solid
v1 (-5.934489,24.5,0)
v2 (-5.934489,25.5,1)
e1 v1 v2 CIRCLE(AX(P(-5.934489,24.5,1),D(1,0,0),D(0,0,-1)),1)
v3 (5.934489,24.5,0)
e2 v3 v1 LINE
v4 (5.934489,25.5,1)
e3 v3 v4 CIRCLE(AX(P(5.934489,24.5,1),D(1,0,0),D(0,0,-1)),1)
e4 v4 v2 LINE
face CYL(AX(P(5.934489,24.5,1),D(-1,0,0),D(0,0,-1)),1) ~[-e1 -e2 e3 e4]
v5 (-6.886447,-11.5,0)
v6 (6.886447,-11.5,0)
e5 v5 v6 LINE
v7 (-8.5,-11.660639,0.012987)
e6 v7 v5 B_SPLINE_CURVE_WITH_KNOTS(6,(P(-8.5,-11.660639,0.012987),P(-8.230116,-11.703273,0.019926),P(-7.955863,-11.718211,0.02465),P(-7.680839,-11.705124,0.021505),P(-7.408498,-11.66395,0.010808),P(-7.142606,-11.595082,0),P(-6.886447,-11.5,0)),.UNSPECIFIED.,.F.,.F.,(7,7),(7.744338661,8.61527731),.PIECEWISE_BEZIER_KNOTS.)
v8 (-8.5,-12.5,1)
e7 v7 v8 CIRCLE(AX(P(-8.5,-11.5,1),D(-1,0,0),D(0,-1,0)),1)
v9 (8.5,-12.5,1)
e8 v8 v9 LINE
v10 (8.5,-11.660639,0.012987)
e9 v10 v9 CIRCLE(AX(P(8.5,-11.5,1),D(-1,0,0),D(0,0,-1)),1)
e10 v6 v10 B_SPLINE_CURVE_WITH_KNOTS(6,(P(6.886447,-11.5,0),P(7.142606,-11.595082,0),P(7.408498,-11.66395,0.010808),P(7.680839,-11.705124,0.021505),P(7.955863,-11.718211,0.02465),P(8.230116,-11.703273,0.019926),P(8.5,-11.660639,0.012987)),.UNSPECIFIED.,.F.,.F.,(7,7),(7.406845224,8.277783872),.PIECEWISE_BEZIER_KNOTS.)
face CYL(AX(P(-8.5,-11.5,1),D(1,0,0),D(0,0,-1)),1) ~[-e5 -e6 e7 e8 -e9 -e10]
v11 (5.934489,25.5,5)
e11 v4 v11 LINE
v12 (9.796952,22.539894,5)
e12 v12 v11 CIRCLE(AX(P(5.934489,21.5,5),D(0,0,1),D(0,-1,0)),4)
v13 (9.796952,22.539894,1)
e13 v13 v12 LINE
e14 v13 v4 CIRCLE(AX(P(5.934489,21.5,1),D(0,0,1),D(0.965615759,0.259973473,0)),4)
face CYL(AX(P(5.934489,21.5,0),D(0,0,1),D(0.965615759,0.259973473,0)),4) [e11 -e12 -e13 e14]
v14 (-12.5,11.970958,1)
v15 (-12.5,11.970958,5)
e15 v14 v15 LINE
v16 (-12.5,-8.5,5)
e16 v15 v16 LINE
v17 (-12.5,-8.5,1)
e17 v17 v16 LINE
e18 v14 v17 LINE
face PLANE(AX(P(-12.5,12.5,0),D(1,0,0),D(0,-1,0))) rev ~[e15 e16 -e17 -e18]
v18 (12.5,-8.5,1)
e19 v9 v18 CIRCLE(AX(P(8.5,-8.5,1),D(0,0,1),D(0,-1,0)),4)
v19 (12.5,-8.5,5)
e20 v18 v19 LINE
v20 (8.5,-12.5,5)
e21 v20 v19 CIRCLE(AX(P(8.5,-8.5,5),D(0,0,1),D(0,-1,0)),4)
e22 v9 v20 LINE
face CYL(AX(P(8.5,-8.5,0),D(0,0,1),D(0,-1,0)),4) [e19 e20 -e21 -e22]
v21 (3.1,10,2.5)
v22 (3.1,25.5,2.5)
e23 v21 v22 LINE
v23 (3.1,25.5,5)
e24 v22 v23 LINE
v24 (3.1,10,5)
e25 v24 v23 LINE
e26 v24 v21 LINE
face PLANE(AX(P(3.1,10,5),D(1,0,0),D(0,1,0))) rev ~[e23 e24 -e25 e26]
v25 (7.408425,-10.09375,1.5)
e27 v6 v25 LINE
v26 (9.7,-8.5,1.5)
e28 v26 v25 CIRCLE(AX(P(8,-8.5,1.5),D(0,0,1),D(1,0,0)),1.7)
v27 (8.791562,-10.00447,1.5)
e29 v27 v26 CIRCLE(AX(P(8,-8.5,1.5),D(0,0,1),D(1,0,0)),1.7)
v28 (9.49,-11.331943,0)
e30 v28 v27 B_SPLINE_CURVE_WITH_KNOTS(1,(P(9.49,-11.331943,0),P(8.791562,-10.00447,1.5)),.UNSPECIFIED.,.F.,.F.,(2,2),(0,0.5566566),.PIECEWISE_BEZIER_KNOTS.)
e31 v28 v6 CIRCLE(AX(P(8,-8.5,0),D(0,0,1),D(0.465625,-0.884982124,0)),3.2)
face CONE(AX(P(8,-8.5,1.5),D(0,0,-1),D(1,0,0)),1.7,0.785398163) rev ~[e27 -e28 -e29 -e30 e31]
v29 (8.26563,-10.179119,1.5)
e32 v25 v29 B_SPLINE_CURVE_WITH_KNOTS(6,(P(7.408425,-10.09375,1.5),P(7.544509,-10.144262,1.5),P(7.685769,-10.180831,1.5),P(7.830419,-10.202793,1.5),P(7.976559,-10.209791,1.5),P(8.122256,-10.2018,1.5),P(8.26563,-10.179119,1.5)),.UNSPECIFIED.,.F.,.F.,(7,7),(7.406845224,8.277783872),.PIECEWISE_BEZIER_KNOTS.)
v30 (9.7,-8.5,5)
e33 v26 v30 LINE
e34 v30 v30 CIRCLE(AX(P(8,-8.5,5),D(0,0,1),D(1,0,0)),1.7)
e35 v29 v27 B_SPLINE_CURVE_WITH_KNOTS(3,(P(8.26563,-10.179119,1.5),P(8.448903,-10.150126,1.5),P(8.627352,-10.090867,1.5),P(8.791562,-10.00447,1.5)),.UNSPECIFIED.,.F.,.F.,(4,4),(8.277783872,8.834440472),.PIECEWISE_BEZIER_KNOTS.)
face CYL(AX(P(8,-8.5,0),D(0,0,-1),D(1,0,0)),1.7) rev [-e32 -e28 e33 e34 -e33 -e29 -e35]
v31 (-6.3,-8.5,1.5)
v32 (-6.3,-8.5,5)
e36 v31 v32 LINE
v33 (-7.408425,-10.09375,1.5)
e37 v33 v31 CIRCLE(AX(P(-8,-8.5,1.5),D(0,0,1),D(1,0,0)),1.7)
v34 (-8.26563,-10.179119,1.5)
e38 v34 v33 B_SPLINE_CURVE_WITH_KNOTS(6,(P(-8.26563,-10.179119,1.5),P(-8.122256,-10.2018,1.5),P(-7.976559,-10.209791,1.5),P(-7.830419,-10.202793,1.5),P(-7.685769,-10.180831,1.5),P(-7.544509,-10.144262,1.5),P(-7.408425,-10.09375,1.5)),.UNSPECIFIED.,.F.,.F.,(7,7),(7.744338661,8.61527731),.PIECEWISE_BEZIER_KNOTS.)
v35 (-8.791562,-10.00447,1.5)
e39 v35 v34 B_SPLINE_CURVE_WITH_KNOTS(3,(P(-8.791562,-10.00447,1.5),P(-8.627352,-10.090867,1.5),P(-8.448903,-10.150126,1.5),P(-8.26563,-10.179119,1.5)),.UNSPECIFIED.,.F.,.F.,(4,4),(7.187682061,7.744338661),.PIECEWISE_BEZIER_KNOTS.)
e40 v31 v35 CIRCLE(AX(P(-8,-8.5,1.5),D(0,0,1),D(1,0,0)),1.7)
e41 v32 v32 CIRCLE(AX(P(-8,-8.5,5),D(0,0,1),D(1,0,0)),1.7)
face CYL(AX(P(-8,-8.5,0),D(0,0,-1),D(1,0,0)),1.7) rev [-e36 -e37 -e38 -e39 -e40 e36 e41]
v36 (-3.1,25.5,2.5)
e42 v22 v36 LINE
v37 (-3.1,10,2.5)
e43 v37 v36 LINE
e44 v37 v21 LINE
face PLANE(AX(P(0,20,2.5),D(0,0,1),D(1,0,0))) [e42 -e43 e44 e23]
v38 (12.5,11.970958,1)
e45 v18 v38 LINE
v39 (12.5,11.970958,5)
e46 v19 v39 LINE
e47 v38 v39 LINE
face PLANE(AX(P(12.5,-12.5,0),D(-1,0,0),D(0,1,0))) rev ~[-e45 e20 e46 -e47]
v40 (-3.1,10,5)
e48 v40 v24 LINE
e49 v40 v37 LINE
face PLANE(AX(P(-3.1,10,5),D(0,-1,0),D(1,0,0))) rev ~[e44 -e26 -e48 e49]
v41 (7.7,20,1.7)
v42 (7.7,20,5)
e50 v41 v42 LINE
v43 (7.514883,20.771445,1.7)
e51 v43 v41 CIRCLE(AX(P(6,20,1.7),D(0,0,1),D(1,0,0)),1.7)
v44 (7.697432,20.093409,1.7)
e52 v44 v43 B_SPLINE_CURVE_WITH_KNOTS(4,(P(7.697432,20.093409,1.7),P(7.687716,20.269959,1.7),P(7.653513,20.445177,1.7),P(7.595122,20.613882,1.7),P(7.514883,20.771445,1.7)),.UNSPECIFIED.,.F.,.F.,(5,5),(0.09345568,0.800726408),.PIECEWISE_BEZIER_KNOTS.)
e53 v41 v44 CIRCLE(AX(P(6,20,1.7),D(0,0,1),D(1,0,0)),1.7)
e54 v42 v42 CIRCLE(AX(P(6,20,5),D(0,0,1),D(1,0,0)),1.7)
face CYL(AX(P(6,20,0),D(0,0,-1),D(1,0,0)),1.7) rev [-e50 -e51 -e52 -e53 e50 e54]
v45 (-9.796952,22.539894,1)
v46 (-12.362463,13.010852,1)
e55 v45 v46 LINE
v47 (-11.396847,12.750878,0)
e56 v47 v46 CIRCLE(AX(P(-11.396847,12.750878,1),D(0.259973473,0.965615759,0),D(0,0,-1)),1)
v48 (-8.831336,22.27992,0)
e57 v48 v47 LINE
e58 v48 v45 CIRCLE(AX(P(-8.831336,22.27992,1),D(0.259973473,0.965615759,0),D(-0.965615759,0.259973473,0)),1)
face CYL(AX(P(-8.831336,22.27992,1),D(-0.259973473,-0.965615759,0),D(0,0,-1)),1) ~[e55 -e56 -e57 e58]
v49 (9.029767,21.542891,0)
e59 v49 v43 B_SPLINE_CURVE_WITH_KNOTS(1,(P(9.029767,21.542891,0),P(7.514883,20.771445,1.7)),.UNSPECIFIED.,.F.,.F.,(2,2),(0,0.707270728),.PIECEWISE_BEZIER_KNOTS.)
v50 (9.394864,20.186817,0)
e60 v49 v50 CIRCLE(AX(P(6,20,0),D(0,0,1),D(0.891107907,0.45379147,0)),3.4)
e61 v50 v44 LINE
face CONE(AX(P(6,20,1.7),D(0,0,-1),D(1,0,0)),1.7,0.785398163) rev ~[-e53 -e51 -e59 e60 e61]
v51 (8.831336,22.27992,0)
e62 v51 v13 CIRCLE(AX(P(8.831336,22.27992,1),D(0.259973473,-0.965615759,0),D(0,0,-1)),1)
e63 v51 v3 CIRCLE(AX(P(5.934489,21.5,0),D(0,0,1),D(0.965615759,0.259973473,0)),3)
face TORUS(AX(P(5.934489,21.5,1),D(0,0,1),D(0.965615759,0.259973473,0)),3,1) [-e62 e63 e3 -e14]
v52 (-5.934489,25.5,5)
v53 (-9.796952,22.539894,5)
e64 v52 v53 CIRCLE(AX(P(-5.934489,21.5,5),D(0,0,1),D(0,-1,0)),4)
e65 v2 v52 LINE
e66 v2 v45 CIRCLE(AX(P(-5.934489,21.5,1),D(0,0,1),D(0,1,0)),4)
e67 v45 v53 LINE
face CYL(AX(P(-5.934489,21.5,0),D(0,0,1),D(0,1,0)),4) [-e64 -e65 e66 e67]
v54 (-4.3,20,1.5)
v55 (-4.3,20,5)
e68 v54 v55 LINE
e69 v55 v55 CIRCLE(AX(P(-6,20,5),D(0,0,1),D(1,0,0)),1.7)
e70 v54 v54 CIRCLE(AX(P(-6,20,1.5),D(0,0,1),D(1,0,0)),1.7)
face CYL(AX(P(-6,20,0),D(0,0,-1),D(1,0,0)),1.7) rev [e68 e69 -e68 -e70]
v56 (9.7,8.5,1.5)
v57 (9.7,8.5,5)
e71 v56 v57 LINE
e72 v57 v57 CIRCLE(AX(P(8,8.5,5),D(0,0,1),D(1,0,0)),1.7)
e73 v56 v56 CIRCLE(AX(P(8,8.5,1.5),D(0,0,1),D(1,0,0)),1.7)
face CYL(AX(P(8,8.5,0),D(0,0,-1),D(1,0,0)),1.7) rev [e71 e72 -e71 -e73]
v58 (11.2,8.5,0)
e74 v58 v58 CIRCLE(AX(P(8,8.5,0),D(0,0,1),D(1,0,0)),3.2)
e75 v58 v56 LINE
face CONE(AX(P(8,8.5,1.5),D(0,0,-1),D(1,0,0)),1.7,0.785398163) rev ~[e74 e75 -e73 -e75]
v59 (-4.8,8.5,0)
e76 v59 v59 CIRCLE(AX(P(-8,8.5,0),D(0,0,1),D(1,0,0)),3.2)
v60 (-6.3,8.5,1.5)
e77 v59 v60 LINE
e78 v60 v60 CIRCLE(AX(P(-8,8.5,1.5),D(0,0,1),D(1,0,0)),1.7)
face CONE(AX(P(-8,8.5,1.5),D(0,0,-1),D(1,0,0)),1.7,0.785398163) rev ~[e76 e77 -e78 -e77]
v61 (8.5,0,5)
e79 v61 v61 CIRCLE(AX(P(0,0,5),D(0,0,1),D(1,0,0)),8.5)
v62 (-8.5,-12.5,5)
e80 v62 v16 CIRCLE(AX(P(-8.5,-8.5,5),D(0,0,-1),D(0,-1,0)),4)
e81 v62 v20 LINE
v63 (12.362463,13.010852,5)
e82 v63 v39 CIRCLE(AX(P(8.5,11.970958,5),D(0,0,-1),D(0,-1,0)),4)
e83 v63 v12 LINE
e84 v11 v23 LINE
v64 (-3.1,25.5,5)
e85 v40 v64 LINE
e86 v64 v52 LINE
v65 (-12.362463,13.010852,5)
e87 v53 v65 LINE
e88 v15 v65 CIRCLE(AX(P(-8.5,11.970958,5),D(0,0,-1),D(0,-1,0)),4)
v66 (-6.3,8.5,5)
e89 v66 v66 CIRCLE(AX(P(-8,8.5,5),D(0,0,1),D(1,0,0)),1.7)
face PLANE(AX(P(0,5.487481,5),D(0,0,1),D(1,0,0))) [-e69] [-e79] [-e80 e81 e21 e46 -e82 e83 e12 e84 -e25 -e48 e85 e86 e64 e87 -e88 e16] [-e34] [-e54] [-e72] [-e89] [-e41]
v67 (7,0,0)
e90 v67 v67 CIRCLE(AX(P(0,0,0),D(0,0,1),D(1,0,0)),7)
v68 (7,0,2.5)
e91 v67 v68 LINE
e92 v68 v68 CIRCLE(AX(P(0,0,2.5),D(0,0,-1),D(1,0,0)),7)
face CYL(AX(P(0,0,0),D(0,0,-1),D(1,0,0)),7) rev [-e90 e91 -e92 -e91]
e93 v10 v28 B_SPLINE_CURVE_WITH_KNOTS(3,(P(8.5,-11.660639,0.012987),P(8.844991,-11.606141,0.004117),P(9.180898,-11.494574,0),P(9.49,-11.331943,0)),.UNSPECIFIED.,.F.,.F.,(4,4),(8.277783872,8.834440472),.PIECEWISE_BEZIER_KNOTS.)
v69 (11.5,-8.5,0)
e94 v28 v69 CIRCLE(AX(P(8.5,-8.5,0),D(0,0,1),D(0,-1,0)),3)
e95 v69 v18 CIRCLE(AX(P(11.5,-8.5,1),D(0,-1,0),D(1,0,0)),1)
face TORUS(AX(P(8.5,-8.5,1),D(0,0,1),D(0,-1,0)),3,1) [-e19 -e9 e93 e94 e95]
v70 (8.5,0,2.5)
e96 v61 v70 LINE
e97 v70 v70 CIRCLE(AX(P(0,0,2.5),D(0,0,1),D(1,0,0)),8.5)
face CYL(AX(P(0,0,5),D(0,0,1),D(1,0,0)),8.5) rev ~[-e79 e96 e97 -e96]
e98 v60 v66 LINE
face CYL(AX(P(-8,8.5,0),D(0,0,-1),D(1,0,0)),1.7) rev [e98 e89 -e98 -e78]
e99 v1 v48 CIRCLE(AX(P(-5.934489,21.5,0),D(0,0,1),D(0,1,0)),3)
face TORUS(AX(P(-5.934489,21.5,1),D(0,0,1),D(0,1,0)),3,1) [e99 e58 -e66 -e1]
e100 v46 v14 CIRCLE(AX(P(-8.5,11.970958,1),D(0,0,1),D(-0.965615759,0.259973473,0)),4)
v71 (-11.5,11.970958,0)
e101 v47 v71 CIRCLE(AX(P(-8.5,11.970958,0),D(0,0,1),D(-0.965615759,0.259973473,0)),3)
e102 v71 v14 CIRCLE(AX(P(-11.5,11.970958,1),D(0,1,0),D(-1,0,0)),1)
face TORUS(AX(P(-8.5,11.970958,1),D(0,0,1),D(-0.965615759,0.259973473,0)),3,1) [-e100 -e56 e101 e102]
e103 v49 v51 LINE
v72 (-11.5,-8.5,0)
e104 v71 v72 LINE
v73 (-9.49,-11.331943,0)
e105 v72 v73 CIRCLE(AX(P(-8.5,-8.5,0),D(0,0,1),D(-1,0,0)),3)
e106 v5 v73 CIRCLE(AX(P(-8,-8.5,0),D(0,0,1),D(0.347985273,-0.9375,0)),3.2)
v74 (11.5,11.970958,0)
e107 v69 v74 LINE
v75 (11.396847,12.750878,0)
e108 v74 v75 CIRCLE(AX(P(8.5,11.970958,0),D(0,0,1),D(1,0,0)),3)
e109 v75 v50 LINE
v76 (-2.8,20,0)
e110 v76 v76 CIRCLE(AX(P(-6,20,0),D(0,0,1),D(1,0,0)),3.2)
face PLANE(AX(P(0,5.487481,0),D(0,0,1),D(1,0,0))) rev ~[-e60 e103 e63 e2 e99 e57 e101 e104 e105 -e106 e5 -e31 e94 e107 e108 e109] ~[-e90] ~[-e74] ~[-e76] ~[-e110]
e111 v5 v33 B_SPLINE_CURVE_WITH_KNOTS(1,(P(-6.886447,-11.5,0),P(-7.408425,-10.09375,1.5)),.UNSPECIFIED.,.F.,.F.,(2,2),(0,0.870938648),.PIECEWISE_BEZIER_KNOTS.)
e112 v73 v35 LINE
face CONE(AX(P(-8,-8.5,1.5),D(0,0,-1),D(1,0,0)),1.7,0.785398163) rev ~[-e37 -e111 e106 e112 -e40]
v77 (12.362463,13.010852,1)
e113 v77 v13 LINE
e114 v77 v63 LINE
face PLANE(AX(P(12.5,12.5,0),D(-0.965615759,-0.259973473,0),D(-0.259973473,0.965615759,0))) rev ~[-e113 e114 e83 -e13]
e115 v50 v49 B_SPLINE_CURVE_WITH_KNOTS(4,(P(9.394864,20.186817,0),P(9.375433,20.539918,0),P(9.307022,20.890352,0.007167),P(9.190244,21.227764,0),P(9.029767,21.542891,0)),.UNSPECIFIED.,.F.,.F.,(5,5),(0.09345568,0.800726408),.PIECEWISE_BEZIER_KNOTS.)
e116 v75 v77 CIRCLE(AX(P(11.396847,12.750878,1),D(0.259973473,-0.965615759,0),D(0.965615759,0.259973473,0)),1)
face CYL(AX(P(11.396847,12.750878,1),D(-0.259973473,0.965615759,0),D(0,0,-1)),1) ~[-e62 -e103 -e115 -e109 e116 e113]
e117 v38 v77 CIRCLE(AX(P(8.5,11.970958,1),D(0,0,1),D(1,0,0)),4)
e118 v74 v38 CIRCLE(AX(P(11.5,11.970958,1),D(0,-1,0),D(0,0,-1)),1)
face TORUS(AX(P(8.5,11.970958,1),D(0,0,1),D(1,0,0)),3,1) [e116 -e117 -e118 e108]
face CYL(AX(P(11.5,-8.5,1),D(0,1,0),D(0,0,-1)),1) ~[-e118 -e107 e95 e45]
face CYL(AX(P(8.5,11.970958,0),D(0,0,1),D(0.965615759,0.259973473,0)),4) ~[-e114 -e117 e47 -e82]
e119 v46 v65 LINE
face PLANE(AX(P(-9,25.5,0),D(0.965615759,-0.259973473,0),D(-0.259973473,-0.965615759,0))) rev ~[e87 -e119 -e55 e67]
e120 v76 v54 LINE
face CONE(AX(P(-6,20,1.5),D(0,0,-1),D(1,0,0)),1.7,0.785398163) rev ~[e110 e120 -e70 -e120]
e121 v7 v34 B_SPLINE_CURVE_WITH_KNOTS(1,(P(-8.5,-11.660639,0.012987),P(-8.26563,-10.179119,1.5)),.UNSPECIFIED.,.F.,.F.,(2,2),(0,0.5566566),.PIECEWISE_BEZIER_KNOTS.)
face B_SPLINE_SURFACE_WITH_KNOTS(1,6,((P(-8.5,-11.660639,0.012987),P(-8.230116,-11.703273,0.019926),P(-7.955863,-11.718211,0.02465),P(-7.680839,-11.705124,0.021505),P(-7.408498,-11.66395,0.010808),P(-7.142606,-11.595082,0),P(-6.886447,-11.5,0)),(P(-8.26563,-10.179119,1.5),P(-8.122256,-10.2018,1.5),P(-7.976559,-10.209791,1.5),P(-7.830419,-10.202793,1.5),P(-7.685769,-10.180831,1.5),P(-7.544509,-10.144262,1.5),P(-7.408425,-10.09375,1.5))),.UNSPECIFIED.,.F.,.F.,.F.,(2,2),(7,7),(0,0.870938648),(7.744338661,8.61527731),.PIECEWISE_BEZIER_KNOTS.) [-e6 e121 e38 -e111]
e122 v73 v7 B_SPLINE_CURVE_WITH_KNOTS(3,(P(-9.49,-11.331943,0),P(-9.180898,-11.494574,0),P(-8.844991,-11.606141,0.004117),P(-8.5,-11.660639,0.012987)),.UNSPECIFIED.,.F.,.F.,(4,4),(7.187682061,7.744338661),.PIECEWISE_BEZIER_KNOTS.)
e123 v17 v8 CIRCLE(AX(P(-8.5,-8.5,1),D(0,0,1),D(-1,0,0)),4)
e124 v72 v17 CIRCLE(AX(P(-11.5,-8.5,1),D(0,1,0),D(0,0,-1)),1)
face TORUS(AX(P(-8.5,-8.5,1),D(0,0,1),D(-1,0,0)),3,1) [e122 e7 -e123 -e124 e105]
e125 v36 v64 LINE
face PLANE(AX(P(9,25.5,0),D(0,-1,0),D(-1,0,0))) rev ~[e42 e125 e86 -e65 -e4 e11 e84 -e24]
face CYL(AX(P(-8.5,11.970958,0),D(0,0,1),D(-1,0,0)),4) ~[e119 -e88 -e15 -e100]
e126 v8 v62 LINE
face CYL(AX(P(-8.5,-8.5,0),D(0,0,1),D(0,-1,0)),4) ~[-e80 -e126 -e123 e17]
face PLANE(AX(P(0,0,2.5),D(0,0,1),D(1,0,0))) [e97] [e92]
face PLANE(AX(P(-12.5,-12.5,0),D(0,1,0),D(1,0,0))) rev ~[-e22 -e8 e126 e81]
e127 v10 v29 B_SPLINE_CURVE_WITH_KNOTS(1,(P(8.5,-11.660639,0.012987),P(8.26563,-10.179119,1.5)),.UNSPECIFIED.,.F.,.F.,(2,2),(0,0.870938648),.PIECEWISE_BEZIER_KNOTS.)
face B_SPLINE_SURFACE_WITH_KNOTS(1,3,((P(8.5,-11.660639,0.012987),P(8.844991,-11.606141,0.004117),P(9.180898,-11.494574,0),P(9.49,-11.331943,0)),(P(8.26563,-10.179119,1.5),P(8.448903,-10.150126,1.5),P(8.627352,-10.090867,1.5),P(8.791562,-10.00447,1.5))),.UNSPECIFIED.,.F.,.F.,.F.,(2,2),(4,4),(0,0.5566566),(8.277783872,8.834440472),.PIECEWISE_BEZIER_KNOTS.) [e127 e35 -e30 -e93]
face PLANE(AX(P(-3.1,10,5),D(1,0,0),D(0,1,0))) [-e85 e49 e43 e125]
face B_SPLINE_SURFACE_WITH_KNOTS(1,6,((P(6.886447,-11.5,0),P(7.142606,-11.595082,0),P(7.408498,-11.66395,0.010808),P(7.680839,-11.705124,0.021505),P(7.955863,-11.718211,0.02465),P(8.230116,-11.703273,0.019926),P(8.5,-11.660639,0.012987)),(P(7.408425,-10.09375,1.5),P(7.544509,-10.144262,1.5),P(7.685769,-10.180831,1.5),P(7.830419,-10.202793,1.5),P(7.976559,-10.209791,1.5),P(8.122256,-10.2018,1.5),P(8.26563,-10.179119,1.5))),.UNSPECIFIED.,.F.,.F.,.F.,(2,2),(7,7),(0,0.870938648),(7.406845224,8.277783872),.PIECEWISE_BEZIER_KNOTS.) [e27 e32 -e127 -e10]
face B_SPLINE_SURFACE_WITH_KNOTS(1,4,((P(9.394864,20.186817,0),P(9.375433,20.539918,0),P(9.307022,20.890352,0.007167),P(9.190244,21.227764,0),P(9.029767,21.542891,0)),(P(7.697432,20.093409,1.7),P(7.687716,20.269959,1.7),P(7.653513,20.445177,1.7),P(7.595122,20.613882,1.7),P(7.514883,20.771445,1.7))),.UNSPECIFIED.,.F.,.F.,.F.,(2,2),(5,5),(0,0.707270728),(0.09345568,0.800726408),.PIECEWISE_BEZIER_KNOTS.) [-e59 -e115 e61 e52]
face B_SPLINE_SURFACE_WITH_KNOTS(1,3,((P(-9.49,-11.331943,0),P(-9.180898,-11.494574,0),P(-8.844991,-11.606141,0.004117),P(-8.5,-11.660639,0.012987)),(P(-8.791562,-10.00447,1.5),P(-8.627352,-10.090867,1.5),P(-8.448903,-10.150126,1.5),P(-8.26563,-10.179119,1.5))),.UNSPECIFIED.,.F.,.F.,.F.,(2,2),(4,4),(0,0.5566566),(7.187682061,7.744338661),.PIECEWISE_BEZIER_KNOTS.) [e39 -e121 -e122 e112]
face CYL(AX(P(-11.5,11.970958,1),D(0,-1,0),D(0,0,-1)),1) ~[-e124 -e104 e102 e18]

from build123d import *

# Parameters (mm, degrees)
SKETCH_R        = 7
SKETCH_R_2      = 1.7
PAD_DEPTH       = 5
SKETCH001_R     = 8.5
SKETCH001_W     = 6.2
SKETCH001_H     = 20
POCKET_DEPTH    = 2.5
FILLET_R        = 4
FILLET001_R     = 4
FILLET002_R     = 4
FILLET003_R     = 4
FILLET004_R     = 4
FILLET005_R     = 4
FILLET006_R     = 1
CHAMFER_SIZE    = 1.5
CHAMFER001_SIZE = 1.5
CHAMFER002_SIZE = 1.5
CHAMFER003_SIZE = 1.5
CHAMFER004_SIZE = 1.5
CHAMFER005_SIZE = 1.7


with BuildPart() as part:
    # Sketch → Pad (new body)
    with BuildSketch(Plane.XY):
        Polygon((-12.5, -12.5), (12.5, -12.5), (12.5, 12.5), (9, 25.5), (-9, 25.5), (-12.5, 12.5), align=None)
        Circle(SKETCH_R, mode=Mode.SUBTRACT)
        with Locations((-8, 8.5)):
            Circle(SKETCH_R_2, mode=Mode.SUBTRACT)
        with Locations((8, 8.5)):
            Circle(SKETCH_R_2, mode=Mode.SUBTRACT)
        with Locations((-8, -8.5)):
            Circle(SKETCH_R_2, mode=Mode.SUBTRACT)
        with Locations((8, -8.5)):
            Circle(SKETCH_R_2, mode=Mode.SUBTRACT)
        with Locations((-6, 20)):
            Circle(SKETCH_R_2, mode=Mode.SUBTRACT)
        with Locations((6, 20)):
            Circle(SKETCH_R_2, mode=Mode.SUBTRACT)
    extrude(amount=PAD_DEPTH)

    # Sketch001 → Pocket (cut)
    with BuildSketch(Plane.XY.offset(5)):
        Circle(SKETCH001_R)
        with Locations((0, 20)):
            Rectangle(SKETCH001_W, SKETCH001_H)
    extrude(amount=-POCKET_DEPTH, mode=Mode.SUBTRACT)

    # Fillet
    fillet_edges = [part.edges().sort_by_distance(p)[0] for p in [
        (-12.5, -12.5, 2.5),
    ]]
    fillet(fillet_edges, radius=FILLET_R)

    # Fillet001
    fillet001_edges = [part.edges().sort_by_distance(p)[0] for p in [
        (12.5, -12.5, 2.5),
    ]]
    fillet(fillet001_edges, radius=FILLET001_R)

    # Fillet002
    fillet002_edges = [part.edges().sort_by_distance(p)[0] for p in [
        (-12.5, 12.5, 2.5),
    ]]
    fillet(fillet002_edges, radius=FILLET002_R)

    # Fillet003
    fillet003_edges = [part.edges().sort_by_distance(p)[0] for p in [
        (12.5, 12.5, 2.5),
    ]]
    fillet(fillet003_edges, radius=FILLET003_R)

    # Fillet004
    fillet004_edges = [part.edges().sort_by_distance(p)[0] for p in [
        (9, 25.5, 2.5),
    ]]
    fillet(fillet004_edges, radius=FILLET004_R)

    # Fillet005
    fillet005_edges = [part.edges().sort_by_distance(p)[0] for p in [
        (-9, 25.5, 2.5),
    ]]
    fillet(fillet005_edges, radius=FILLET005_R)

    # Fillet006
    fillet006_edges = [part.edges().sort_by_distance(p)[0] for p in [
        (0, 25.5, 0),
    ]]
    fillet(fillet006_edges, radius=FILLET006_R)

    # Chamfer
    chamfer_edges = [part.edges().sort_by_distance(p)[0] for p in [
        (-9.7, -8.5, 0),
    ]]
    chamfer(chamfer_edges, length=CHAMFER_SIZE)

    # Chamfer001
    chamfer001_edges = [part.edges().sort_by_distance(p)[0] for p in [
        (-9.7, 8.5, 0),
    ]]
    chamfer(chamfer001_edges, length=CHAMFER001_SIZE)

    # Chamfer002
    chamfer002_edges = [part.edges().sort_by_distance(p)[0] for p in [
        (6.3, -8.5, 0),
    ]]
    chamfer(chamfer002_edges, length=CHAMFER002_SIZE)

    # Chamfer003
    chamfer003_edges = [part.edges().sort_by_distance(p)[0] for p in [
        (6.3, 8.5, 0),
    ]]
    chamfer(chamfer003_edges, length=CHAMFER003_SIZE)

    # Chamfer004
    chamfer004_edges = [part.edges().sort_by_distance(p)[0] for p in [
        (-7.7, 20, 0),
    ]]
    chamfer(chamfer004_edges, length=CHAMFER004_SIZE)

    # Chamfer005
    chamfer005_edges = [part.edges().sort_by_distance(p)[0] for p in [
        (4.3, 20, 0),
    ]]
    chamfer(chamfer005_edges, length=CHAMFER005_SIZE)


solid = part.part
